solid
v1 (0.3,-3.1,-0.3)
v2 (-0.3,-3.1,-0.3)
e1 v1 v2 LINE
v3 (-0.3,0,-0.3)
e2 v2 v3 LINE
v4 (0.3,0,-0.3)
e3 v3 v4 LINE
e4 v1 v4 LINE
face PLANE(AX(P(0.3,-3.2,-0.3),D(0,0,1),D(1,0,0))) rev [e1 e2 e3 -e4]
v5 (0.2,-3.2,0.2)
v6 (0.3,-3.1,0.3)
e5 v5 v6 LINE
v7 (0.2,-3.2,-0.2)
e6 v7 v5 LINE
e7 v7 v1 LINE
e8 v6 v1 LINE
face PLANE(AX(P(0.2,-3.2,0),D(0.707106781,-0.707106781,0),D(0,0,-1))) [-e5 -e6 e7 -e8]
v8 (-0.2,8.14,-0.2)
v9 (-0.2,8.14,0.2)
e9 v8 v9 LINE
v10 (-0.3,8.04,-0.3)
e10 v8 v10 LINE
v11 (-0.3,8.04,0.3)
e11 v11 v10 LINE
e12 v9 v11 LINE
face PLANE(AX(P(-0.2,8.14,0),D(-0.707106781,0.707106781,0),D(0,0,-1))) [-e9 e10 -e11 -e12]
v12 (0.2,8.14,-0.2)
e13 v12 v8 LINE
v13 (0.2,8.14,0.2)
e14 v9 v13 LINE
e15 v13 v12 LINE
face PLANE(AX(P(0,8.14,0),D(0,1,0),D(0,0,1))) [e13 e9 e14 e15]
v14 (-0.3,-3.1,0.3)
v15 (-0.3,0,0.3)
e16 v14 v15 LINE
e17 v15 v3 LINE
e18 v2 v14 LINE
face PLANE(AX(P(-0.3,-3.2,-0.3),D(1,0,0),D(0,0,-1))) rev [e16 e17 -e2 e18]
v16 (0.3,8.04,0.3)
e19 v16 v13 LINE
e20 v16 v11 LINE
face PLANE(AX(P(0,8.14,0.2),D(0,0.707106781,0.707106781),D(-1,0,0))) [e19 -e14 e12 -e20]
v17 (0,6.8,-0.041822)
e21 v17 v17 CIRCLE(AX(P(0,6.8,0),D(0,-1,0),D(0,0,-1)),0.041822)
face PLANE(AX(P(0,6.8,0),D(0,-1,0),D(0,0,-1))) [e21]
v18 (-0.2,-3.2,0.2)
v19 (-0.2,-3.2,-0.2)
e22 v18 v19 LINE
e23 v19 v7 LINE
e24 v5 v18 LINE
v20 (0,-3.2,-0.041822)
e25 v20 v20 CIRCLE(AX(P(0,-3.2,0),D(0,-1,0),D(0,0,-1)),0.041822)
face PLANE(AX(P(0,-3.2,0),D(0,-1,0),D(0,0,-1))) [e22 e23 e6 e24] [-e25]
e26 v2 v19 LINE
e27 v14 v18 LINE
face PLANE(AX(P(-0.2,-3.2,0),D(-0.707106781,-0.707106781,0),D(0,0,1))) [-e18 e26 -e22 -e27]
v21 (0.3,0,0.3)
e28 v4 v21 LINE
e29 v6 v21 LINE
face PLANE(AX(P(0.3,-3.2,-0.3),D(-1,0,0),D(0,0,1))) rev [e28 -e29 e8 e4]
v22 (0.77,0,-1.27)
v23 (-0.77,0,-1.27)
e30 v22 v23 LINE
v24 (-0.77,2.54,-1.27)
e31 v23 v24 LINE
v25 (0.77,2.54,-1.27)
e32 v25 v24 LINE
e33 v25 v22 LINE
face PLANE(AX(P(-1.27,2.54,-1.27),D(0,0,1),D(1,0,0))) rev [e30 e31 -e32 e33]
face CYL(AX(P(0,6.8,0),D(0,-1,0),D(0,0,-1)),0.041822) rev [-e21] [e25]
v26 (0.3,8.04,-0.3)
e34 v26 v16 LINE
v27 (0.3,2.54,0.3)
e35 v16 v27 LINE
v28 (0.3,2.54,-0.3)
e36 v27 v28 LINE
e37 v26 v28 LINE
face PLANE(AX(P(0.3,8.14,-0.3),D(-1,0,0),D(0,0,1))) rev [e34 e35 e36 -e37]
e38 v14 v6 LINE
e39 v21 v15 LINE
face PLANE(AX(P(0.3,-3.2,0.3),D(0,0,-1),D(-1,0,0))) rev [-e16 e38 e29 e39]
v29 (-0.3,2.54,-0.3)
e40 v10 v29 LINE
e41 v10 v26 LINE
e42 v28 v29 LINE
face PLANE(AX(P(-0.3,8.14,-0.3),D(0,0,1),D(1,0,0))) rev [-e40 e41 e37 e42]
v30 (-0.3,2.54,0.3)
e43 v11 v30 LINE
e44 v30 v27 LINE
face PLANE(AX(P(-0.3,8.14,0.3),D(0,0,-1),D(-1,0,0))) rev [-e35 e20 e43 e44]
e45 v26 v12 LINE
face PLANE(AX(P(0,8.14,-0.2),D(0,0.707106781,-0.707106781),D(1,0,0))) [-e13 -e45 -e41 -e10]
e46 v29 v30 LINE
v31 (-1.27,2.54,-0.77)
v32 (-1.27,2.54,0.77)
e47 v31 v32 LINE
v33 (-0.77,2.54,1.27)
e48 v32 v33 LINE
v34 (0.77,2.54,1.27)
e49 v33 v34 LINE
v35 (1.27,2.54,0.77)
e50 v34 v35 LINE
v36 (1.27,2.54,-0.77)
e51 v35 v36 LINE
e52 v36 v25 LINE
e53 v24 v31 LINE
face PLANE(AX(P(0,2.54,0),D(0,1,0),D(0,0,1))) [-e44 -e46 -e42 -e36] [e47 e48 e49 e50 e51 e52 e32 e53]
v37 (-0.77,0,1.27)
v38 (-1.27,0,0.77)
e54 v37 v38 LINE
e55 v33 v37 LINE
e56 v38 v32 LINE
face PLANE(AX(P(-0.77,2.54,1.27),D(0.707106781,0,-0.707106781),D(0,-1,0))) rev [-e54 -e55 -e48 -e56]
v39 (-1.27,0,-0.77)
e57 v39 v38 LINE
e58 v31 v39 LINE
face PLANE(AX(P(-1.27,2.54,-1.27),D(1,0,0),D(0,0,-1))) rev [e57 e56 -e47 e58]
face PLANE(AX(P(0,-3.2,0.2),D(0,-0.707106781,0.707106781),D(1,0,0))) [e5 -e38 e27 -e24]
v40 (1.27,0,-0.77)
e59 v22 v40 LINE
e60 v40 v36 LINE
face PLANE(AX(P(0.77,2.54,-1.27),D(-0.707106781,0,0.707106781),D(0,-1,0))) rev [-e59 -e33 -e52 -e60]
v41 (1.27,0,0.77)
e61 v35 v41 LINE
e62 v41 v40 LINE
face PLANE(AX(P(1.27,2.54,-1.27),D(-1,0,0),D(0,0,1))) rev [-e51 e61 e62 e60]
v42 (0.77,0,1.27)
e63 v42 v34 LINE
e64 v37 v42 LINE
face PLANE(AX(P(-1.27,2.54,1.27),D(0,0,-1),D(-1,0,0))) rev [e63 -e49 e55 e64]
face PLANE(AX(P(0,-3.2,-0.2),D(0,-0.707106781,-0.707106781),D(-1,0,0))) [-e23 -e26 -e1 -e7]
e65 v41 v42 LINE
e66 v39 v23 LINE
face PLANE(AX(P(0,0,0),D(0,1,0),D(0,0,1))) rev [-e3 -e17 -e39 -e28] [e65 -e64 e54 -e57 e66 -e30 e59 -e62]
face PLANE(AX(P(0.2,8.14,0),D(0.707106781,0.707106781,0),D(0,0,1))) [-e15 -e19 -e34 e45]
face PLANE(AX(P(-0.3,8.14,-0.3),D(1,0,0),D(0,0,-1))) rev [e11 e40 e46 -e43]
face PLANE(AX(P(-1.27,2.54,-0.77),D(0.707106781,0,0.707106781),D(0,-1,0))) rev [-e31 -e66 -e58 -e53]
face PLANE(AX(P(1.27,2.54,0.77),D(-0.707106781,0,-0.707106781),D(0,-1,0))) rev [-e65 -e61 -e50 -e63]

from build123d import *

# Parameters (mm, degrees)
SKETCH_1_W          = 2.54
SKETCH_1_H          = 2.54
EXTRUDE_1_DEPTH     = 2.54
SKETCH_2_W          = 0.6
SKETCH_2_H          = 0.6
EXTRUDE_2_DEPTH     = 5.6
SKETCH_3_W          = 0.6
SKETCH_3_H          = 0.6
EXTRUDE_3_DEPTH     = 3.2
CHAMFER_1_SIZE      = 0.1
CHAMFER_2_SIZE      = 0.5
SKETCH_4_R          = 0.041822452
CUT_EXTRUDE_1_DEPTH = 10


with BuildPart() as part:
    # 草图1 → 凸台-拉伸1 (new body)
    with BuildSketch(Plane(origin=(0, 0, 0), x_dir=(1, 0, 0), z_dir=(0, 1, 0))):
        Rectangle(SKETCH_1_W, SKETCH_1_H)
    extrude(amount=EXTRUDE_1_DEPTH)

    # 草图2 → 凸台-拉伸2 (add)
    with BuildSketch(Plane(origin=(0, 2.54, 0), x_dir=(1, 0, 0), z_dir=(0, 1, 0))):
        Rectangle(SKETCH_2_W, SKETCH_2_H)
    extrude(amount=EXTRUDE_2_DEPTH)

    # 草图3 → 凸台-拉伸3 (add)
    with BuildSketch(Plane.XZ):
        Rectangle(SKETCH_3_W, SKETCH_3_H)
    extrude(amount=EXTRUDE_3_DEPTH)

    # 倒角1
    chamfer_1_edges = [part.edges().sort_by_distance(p)[0] for p in [
        (0.3, 8.14, 0),
        (0, 8.14, -0.3),
        (-0.3, 8.14, 0),
        (0, 8.14, 0.3),
        (-0.3, -3.2, 0),
        (0, -3.2, -0.3),
        (0.3, -3.2, 0),
        (0, -3.2, 0.3),
    ]]
    chamfer(chamfer_1_edges, length=CHAMFER_1_SIZE)

    # 倒角2
    chamfer_2_edges = [part.edges().sort_by_distance(p)[0] for p in [
        (1.27, 1.27, 1.27),
        (-1.27, 1.27, 1.27),
        (-1.27, 1.27, -1.27),
        (1.27, 1.27, -1.27),
    ]]
    chamfer(chamfer_2_edges, length=CHAMFER_2_SIZE)

    # 草图4 → 切除-拉伸1 (cut)
    with BuildSketch(Plane.XZ.offset(3.2)):
        with Locations(Location((0, 0, 0), (0, 0, 270))):
            Circle(SKETCH_4_R)
    extrude(amount=-CUT_EXTRUDE_1_DEPTH, mode=Mode.SUBTRACT)


solid = part.part
